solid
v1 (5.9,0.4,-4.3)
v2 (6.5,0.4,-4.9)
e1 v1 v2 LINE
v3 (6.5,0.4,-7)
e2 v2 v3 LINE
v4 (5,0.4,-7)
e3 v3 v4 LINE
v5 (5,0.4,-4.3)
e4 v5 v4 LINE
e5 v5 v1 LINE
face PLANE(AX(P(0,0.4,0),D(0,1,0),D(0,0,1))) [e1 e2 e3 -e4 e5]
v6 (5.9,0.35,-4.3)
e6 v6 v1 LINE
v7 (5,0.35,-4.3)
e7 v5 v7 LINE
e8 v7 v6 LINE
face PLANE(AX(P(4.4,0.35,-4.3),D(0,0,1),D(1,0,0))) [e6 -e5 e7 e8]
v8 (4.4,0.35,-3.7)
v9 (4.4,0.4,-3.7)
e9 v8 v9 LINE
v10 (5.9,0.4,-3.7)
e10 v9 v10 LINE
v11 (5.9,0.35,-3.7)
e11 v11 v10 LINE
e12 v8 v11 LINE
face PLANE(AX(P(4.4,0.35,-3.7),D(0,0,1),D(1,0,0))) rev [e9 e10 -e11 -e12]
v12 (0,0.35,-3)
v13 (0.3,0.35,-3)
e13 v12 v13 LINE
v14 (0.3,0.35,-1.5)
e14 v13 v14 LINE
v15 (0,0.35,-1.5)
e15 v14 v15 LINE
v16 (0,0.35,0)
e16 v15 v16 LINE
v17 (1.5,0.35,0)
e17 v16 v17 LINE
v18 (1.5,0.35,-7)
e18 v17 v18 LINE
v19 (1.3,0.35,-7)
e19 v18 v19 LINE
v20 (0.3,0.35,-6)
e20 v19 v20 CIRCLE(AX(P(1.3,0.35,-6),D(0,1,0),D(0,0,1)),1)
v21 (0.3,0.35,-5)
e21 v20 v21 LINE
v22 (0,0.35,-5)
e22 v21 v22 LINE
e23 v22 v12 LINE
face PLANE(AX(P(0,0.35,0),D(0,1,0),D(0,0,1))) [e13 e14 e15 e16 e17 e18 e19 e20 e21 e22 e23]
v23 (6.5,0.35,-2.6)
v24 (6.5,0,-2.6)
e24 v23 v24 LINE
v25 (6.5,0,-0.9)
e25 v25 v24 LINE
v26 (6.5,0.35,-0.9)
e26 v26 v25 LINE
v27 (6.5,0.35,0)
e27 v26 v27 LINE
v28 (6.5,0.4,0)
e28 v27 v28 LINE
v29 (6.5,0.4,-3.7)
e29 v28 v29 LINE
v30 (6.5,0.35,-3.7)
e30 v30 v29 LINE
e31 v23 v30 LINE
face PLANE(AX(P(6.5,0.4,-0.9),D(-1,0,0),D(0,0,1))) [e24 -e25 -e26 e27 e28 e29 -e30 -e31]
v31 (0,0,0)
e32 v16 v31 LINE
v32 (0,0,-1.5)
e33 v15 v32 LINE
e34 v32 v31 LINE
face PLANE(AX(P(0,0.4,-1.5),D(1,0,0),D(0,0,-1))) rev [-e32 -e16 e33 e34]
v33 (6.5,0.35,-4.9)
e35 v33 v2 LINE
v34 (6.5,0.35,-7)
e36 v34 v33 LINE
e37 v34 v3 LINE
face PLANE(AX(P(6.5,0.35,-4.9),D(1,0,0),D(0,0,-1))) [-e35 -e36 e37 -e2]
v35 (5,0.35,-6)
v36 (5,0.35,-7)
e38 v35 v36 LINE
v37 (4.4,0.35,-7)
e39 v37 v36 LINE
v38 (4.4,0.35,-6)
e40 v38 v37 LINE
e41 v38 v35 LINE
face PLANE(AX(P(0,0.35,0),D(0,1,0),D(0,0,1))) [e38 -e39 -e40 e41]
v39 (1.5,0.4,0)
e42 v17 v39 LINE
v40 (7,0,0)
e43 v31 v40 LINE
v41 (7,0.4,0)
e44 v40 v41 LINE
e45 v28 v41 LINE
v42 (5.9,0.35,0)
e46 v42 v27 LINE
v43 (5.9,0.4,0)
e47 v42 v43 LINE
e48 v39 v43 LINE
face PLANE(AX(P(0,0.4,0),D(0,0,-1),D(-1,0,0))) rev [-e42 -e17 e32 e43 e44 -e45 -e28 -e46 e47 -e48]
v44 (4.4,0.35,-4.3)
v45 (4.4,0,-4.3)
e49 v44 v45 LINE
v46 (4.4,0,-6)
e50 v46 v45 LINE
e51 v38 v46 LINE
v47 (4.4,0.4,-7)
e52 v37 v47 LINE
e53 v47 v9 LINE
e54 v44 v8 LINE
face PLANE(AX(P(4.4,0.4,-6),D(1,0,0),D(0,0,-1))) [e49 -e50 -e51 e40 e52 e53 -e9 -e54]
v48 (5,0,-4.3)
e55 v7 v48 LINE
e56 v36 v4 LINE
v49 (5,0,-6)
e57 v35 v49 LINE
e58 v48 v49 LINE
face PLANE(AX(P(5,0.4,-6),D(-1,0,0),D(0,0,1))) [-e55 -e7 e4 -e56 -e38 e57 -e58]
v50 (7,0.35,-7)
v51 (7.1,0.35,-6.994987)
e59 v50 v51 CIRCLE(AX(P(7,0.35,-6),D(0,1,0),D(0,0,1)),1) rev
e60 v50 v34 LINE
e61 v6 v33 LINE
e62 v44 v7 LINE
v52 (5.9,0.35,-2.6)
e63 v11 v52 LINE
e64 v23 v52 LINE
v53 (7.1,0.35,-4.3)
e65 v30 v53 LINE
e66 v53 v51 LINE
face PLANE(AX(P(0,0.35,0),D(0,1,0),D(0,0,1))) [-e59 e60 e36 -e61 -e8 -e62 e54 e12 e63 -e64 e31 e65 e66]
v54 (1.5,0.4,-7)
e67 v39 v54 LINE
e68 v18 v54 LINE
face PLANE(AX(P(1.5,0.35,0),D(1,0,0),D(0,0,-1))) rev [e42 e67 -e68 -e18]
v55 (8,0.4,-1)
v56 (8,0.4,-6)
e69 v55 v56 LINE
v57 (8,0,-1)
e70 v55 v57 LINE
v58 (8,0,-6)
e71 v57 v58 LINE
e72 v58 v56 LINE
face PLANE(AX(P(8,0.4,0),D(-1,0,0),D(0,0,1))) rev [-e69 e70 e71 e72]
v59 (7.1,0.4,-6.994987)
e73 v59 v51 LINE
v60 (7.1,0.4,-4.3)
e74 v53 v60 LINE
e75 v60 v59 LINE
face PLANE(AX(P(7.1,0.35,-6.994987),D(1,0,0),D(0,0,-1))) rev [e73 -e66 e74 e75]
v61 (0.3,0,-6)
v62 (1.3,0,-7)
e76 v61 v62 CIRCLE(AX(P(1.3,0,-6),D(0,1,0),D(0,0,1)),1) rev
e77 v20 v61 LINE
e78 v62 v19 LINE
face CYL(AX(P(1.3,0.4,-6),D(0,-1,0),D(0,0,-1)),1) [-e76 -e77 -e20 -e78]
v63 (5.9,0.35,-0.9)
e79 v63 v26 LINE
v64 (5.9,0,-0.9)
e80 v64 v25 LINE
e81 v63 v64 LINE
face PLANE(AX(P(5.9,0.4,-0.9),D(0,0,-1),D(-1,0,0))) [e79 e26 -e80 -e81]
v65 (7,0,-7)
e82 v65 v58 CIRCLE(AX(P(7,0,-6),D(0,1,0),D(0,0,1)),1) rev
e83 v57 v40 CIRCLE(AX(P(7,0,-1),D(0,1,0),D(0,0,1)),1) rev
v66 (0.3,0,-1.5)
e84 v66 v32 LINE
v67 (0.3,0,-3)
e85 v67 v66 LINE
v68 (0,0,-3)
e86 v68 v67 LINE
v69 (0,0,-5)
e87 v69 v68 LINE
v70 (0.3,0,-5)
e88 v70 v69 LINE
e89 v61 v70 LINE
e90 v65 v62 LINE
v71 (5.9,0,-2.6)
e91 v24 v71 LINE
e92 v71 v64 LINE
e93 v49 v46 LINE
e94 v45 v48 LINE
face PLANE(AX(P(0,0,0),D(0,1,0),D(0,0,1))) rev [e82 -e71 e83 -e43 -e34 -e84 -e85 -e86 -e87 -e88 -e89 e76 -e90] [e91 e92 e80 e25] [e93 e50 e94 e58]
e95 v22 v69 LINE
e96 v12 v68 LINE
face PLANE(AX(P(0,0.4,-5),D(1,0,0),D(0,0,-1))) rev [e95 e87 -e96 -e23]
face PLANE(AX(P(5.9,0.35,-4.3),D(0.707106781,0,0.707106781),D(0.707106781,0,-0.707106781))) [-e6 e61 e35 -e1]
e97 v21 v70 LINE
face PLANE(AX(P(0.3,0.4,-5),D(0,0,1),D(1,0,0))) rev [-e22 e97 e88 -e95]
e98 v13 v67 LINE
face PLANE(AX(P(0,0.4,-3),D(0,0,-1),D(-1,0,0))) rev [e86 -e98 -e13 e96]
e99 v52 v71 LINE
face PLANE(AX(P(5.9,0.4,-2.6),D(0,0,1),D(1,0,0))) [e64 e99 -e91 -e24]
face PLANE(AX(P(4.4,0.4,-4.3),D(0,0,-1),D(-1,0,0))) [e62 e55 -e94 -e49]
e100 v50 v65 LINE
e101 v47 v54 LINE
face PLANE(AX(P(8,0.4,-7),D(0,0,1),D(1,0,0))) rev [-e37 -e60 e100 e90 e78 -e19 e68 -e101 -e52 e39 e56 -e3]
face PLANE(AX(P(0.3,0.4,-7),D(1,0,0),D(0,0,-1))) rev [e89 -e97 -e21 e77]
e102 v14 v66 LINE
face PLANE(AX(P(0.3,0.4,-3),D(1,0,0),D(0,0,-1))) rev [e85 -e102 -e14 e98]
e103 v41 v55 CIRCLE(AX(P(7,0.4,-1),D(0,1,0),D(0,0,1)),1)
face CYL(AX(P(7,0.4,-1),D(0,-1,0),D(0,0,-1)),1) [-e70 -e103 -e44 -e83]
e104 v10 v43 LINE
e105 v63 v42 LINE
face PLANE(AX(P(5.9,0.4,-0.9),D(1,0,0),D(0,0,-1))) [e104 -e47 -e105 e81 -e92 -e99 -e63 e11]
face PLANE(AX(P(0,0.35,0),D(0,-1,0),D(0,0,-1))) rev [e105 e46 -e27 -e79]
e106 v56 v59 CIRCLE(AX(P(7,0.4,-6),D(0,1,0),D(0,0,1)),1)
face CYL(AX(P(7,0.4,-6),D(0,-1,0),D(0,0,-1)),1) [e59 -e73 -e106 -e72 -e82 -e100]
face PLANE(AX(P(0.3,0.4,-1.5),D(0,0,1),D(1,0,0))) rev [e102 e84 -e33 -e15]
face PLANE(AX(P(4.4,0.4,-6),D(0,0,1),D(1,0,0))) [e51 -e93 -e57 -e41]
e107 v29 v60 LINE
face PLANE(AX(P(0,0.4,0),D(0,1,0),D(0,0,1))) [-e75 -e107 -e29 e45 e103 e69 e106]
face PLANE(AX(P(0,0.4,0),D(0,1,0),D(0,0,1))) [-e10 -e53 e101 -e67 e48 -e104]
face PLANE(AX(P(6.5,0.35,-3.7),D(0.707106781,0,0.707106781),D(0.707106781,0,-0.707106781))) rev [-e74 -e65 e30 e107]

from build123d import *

# Parameters (mm, degrees)
SKETCH1_W           = 0.6
SKETCH1_H           = 1.7
BOSS_EXTRUDE1_DEPTH = 0.4
FILLET1_R           = 1
SKETCH3_W           = 0.6
SKETCH3_H           = 0.9
SKETCH3_H_2         = 1
CUT_EXTRUDE2_DEPTH  = 0.05


with BuildPart() as part:
    # Sketch1 → Boss-Extrude1 (new body)
    with BuildSketch(Plane(origin=(0, 0, 0), x_dir=(1, 0, 0), z_dir=(0, 1, 0))):
        Polygon((0, 0), (8, 0), (8, 7), (0.3, 7), (0.3, 5), (0, 5), (0, 3), (0.3, 3), (0.3, 1.5), (0, 1.5), align=None)
        with Locations((4.7, 5.15)):
            Rectangle(SKETCH1_W, SKETCH1_H, mode=Mode.SUBTRACT)
        with Locations((6.2, 1.75)):
            Rectangle(SKETCH1_W, SKETCH1_H, mode=Mode.SUBTRACT)
    extrude(amount=BOSS_EXTRUDE1_DEPTH)

    # Fillet1
    fillet1_edges = [part.edges().sort_by_distance(p)[0] for p in [
        (0.3, 0.2, -7),
        (8, 0.2, -7),
        (8, 0.2, 0),
    ]]
    fillet(fillet1_edges, radius=FILLET1_R)

    # Sketch3 → Cut-Extrude2 (cut)
    with BuildSketch(Plane(origin=(0, 0.4, 0), x_dir=(1, 0, 0), z_dir=(0, 1, 0))):
        with BuildLine():
            Line((1.5, 0), (1.5, 7))
            Line((1.5, 7), (1.3, 7))
            ThreePointArc((1.3, 7), (0.592893219, 6.707106781), (0.3, 6))
            Line((0.3, 6), (0.3, 5))
            Line((0.3, 5), (0, 5))
            Line((0, 5), (0, 3))
            Line((0, 3), (0.3, 3))
            Line((0.3, 3), (0.3, 1.5))
            Line((0.3, 1.5), (0, 1.5))
            Line((0, 1.5), (0, 0))
            Line((0, 0), (1.5, 0))
        make_face()
        with Locations((6.2, 0.45)):
            Rectangle(SKETCH3_W, SKETCH3_H)
        Polygon((4.4, 4.3), (5, 4.3), (5.9, 4.3), (6.5, 4.9), (6.5, 7), (6.5, 7.268876882), (7.1, 7.268876882), (7.1, 6.994987437), (7.1, 4.3), (6.5, 3.7), (6.5, 2.6), (5.9, 2.6), (5.9, 3.7), (4.4, 3.7), align=None)
        with Locations((4.7, 6.5)):
            Rectangle(SKETCH3_W, SKETCH3_H_2)
    extrude(amount=-CUT_EXTRUDE2_DEPTH, mode=Mode.SUBTRACT)


solid = part.part
